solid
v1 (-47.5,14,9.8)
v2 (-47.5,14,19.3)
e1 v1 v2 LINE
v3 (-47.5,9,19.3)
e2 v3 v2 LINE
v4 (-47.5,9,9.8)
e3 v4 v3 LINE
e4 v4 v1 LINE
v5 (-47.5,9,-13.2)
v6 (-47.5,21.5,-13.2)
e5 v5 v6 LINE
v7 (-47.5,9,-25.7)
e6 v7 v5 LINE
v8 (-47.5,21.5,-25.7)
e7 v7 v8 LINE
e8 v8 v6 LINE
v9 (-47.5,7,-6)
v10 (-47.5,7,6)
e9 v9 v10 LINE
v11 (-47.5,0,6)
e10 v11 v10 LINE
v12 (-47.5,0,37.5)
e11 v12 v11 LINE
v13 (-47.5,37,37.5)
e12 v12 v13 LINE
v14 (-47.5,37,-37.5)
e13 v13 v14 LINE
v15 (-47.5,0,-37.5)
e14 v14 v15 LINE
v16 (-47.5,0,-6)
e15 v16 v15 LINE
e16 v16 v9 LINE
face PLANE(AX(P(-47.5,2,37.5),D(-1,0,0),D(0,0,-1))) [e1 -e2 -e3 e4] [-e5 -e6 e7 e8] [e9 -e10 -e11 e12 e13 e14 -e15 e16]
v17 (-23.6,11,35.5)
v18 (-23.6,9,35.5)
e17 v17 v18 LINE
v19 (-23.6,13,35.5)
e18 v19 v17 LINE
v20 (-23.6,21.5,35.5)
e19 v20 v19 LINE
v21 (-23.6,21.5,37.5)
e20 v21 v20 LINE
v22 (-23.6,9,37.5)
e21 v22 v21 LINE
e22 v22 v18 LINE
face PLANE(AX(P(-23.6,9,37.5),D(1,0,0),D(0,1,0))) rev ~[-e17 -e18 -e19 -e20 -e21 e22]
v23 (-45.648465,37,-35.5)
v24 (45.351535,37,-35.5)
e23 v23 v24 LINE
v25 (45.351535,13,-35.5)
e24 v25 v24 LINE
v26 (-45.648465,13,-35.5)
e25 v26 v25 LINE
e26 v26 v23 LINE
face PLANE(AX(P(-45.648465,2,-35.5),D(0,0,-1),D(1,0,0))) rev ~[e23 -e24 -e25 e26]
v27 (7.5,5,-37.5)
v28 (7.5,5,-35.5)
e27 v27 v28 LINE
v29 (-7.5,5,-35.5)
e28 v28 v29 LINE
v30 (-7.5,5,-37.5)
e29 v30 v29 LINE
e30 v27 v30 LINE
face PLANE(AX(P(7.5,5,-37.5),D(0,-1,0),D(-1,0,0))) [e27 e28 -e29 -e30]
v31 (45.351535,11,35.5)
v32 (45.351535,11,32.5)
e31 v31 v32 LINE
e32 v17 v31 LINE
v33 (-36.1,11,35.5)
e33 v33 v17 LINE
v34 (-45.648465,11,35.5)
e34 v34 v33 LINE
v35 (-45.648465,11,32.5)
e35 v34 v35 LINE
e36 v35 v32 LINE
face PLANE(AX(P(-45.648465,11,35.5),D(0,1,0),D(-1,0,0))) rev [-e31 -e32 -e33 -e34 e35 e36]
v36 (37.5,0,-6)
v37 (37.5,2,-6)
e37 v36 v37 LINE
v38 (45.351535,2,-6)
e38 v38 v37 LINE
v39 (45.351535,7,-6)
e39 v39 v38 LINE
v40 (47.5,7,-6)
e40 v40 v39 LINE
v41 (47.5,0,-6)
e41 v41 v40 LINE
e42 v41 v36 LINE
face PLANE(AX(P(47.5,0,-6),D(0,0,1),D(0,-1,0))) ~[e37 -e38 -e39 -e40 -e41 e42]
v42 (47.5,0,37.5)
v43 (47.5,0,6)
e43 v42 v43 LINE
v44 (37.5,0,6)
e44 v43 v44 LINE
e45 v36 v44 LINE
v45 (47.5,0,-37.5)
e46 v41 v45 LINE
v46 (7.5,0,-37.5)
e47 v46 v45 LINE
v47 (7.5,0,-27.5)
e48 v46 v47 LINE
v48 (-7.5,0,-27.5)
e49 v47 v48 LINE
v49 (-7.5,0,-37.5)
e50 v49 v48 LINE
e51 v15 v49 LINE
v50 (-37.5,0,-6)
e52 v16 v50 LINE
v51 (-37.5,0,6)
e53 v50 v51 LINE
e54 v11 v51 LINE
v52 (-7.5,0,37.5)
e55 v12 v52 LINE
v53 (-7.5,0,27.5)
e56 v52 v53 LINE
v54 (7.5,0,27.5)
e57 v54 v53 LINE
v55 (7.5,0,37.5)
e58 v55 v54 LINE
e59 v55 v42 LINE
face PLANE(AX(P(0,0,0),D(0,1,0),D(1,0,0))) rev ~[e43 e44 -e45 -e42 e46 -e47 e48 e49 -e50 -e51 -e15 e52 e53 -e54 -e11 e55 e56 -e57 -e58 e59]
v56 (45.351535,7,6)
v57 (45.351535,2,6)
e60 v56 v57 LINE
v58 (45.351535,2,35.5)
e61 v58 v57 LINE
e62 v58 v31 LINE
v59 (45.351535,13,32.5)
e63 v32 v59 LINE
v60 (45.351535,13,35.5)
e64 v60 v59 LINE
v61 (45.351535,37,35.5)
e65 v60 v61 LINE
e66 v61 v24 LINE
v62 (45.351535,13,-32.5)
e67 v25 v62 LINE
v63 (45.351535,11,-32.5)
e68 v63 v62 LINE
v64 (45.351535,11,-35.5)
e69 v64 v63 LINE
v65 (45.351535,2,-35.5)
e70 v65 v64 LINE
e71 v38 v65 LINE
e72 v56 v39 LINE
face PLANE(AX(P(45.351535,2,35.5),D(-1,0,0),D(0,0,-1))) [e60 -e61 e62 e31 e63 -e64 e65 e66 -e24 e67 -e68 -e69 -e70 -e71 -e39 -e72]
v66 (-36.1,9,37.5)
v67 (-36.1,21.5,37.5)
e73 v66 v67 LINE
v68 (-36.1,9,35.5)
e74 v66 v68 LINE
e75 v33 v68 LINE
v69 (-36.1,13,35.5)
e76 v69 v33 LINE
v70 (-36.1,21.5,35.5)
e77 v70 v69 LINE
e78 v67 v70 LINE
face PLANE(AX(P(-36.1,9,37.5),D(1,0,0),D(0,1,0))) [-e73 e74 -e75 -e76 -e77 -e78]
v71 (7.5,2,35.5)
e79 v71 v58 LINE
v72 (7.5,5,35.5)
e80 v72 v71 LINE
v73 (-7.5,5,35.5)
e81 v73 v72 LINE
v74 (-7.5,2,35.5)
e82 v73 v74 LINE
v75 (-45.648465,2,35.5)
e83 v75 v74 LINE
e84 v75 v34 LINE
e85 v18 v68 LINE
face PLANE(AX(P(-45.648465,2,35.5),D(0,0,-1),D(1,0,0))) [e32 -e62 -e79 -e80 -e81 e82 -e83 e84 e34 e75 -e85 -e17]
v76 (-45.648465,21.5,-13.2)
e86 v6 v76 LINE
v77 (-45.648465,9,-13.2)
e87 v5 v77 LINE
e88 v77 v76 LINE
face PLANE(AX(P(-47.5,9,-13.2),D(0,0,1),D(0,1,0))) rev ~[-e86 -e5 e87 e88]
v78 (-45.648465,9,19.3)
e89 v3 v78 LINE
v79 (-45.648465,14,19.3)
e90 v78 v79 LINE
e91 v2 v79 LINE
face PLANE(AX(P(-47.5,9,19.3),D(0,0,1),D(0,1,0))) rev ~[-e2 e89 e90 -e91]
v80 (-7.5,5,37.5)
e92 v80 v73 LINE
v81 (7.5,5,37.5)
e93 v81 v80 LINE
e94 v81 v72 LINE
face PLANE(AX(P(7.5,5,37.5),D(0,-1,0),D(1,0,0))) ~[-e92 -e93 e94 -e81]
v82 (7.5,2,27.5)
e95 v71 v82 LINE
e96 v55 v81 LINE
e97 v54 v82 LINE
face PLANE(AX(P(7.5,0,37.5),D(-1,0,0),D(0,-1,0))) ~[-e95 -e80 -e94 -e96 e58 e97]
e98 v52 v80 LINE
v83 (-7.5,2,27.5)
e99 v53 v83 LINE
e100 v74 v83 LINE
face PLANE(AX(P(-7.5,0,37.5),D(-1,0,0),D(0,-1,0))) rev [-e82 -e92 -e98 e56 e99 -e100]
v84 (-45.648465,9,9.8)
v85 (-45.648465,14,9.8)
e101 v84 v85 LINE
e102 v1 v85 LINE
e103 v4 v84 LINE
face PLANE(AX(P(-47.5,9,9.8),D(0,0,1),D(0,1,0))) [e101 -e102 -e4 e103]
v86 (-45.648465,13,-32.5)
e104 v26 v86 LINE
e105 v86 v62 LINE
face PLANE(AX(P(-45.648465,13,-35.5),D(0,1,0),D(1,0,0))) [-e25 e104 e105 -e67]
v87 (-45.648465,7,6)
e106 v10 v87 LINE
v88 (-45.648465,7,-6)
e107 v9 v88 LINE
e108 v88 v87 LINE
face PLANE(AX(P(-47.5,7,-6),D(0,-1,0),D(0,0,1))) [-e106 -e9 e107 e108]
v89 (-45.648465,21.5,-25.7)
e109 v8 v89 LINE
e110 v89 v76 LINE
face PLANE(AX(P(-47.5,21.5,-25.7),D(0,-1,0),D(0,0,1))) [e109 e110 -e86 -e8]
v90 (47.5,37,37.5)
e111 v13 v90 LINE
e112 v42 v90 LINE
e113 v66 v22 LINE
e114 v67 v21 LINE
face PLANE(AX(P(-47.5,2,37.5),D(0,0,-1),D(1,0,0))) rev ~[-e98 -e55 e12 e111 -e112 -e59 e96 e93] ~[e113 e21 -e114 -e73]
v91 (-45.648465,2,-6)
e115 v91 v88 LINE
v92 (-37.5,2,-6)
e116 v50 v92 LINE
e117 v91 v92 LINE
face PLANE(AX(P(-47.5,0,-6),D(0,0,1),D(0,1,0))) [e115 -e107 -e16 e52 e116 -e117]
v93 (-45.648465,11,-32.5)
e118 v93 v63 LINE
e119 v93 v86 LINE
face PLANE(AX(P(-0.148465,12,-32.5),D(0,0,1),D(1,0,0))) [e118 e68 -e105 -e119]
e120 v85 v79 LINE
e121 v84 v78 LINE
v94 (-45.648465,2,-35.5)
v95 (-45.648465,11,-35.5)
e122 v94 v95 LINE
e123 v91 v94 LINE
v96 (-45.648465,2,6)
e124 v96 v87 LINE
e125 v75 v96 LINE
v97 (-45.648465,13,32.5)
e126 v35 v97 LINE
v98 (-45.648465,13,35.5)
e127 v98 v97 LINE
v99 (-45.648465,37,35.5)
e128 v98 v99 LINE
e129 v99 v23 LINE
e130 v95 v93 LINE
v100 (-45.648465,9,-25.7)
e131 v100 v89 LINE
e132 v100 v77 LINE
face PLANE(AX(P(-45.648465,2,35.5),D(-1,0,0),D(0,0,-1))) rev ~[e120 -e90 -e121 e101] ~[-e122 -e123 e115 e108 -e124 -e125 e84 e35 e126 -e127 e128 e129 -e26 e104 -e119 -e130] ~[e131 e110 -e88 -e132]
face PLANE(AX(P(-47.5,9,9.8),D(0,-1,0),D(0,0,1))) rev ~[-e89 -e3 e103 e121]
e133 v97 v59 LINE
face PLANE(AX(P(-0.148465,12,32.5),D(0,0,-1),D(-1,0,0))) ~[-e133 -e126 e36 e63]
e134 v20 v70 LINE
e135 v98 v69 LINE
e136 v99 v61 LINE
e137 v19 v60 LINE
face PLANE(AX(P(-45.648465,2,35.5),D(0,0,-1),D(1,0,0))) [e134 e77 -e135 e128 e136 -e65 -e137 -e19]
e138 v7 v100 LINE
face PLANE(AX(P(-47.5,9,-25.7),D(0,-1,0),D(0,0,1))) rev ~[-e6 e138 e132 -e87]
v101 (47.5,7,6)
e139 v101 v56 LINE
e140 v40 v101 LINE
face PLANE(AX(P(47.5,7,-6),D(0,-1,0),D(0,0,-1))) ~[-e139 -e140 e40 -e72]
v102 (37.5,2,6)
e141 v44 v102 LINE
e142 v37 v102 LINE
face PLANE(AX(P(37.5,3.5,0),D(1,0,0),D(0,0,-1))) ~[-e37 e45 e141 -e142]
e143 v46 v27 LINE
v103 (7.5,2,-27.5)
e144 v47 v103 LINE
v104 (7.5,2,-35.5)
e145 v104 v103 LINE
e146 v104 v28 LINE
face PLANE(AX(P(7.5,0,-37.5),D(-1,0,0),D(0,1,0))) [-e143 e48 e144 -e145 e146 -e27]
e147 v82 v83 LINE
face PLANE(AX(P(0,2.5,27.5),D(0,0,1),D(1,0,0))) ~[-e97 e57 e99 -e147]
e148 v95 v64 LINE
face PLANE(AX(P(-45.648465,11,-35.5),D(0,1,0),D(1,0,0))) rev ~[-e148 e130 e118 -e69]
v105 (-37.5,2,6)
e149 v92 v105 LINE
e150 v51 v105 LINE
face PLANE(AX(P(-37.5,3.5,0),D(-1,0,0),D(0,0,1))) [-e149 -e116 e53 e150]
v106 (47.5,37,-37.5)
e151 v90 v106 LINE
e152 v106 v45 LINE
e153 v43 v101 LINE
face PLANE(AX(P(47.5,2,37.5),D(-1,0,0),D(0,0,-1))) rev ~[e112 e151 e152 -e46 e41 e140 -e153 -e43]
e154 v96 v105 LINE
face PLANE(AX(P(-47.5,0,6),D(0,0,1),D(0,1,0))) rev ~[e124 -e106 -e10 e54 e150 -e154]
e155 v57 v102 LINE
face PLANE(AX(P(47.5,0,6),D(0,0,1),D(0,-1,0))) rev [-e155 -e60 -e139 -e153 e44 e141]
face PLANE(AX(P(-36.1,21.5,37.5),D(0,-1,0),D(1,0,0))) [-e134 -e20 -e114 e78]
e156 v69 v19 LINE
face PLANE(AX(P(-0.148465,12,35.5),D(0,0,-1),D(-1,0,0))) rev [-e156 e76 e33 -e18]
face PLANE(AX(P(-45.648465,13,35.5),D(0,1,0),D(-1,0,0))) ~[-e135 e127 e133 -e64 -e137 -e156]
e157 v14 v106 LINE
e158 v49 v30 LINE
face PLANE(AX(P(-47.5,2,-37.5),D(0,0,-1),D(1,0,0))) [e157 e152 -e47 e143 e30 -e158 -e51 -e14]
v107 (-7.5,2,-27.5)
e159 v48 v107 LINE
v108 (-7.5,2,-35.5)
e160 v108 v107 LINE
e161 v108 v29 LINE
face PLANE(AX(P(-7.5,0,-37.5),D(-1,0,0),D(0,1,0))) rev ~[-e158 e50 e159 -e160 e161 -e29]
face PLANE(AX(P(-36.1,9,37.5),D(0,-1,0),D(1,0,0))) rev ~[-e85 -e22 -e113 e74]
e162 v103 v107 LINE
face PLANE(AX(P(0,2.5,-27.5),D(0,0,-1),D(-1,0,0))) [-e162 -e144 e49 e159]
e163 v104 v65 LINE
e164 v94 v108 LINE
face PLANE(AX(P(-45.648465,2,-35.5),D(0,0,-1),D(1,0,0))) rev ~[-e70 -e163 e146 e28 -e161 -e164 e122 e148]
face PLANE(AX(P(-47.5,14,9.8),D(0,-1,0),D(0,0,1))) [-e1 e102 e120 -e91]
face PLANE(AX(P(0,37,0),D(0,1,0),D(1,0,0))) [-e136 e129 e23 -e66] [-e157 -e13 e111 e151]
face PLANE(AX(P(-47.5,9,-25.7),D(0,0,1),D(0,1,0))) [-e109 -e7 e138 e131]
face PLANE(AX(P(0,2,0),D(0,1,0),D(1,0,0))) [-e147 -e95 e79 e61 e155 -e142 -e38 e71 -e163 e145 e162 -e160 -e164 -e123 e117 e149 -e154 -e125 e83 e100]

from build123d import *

# Parameters (mm, degrees)
SKETCH1_W           = 95
SKETCH1_H           = 75
BOSS_EXTRUDE1_DEPTH = 2
SKETCH2_W           = 95
SKETCH2_H           = 75
SKETCH2_W_2         = 91
SKETCH2_H_2         = 71
BOSS_EXTRUDE2_DEPTH = 35
SKETCH3_W           = 12.5
SKETCH3_H           = 12.5
CUT_EXTRUDE1_DEPTH  = 10
SKETCH4_W           = 12.5
SKETCH4_H           = 12.5
CUT_EXTRUDE2_DEPTH  = 10
SKETCH5_W           = 9.5
SKETCH5_H           = 5
CUT_EXTRUDE3_DEPTH  = 10
SKETCH6_W           = 15
SKETCH6_H           = 5
CUT_EXTRUDE4_DEPTH  = 10
SKETCH7_W           = 12
SKETCH7_H           = 7
CUT_EXTRUDE5_DEPTH  = 10
SKETCH8_W           = 91
SKETCH8_H           = 2
BOSS_EXTRUDE3_DEPTH = 3


with BuildPart() as part:
    # Sketch1 → Boss-Extrude1 (new body)
    with BuildSketch(Plane(origin=(0, 0, 0), x_dir=(1, 0, 0), z_dir=(0, 1, 0))):
        Rectangle(SKETCH1_W, SKETCH1_H)
    extrude(amount=BOSS_EXTRUDE1_DEPTH)

    # Sketch2 → Boss-Extrude2 (add)
    with BuildSketch(Plane(origin=(0, 2, 0), x_dir=(1, 0, 0), z_dir=(0, 1, 0))):
        Rectangle(SKETCH2_W, SKETCH2_H)
        with Locations((-0.148465207, 0)):
            Rectangle(SKETCH2_W_2, SKETCH2_H_2, mode=Mode.SUBTRACT)
    extrude(amount=BOSS_EXTRUDE2_DEPTH)

    # Sketch3 → Cut-Extrude1 (cut)
    with BuildSketch(Plane.XY.offset(37.5)):
        with Locations((-29.85, 15.25)):
            Rectangle(SKETCH3_W, SKETCH3_H)
    extrude(amount=-CUT_EXTRUDE1_DEPTH, mode=Mode.SUBTRACT)

    # Sketch4 → Cut-Extrude2 (cut)
    with BuildSketch(Plane.ZY.offset(47.5)):
        with Locations((-19.45, 15.25)):
            Rectangle(SKETCH4_W, SKETCH4_H)
    extrude(amount=-CUT_EXTRUDE2_DEPTH, mode=Mode.SUBTRACT)

    # Sketch5 → Cut-Extrude3 (cut)
    with BuildSketch(Plane.ZY.offset(47.5)):
        with Locations((14.55, 11.5)):
            Rectangle(SKETCH5_W, SKETCH5_H)
    extrude(amount=-CUT_EXTRUDE3_DEPTH, mode=Mode.SUBTRACT)

    # Sketch6 → Cut-Extrude4 (cut)
    with BuildSketch(Plane(origin=(0, 0, -37.5), x_dir=(-1, 0, 0), z_dir=(0, 0, -1))):
        with Locations((0, 2.5)):
            Rectangle(SKETCH6_W, SKETCH6_H)
    cut_extrude4 = extrude(amount=-CUT_EXTRUDE4_DEPTH, mode=Mode.SUBTRACT)

    # Mirror1: Cut-Extrude4 across plane
    add(cut_extrude4.mirror(Plane.XY), mode=Mode.SUBTRACT)

    # Sketch7 → Cut-Extrude5 (cut)
    with BuildSketch(Plane.ZY.offset(47.5)):
        with Locations((0, 3.5)):
            Rectangle(SKETCH7_W, SKETCH7_H)
    cut_extrude5 = extrude(amount=-CUT_EXTRUDE5_DEPTH, mode=Mode.SUBTRACT)

    # Mirror2: Cut-Extrude5 across plane
    add(cut_extrude5.mirror(Plane(origin=(0, 0, 0), x_dir=(0, 0, 1), z_dir=(1, 0, 0))), mode=Mode.SUBTRACT)

    # Sketch8 → Boss-Extrude3 (add)
    with BuildSketch(Plane.XY.offset(-35.5)):
        with Locations((-0.148465207, 12)):
            Rectangle(SKETCH8_W, SKETCH8_H)
    boss_extrude3 = extrude(amount=BOSS_EXTRUDE3_DEPTH)

    # Mirror3: Boss-Extrude3 across plane
    add(boss_extrude3.mirror(Plane.XY))


solid = part.part
